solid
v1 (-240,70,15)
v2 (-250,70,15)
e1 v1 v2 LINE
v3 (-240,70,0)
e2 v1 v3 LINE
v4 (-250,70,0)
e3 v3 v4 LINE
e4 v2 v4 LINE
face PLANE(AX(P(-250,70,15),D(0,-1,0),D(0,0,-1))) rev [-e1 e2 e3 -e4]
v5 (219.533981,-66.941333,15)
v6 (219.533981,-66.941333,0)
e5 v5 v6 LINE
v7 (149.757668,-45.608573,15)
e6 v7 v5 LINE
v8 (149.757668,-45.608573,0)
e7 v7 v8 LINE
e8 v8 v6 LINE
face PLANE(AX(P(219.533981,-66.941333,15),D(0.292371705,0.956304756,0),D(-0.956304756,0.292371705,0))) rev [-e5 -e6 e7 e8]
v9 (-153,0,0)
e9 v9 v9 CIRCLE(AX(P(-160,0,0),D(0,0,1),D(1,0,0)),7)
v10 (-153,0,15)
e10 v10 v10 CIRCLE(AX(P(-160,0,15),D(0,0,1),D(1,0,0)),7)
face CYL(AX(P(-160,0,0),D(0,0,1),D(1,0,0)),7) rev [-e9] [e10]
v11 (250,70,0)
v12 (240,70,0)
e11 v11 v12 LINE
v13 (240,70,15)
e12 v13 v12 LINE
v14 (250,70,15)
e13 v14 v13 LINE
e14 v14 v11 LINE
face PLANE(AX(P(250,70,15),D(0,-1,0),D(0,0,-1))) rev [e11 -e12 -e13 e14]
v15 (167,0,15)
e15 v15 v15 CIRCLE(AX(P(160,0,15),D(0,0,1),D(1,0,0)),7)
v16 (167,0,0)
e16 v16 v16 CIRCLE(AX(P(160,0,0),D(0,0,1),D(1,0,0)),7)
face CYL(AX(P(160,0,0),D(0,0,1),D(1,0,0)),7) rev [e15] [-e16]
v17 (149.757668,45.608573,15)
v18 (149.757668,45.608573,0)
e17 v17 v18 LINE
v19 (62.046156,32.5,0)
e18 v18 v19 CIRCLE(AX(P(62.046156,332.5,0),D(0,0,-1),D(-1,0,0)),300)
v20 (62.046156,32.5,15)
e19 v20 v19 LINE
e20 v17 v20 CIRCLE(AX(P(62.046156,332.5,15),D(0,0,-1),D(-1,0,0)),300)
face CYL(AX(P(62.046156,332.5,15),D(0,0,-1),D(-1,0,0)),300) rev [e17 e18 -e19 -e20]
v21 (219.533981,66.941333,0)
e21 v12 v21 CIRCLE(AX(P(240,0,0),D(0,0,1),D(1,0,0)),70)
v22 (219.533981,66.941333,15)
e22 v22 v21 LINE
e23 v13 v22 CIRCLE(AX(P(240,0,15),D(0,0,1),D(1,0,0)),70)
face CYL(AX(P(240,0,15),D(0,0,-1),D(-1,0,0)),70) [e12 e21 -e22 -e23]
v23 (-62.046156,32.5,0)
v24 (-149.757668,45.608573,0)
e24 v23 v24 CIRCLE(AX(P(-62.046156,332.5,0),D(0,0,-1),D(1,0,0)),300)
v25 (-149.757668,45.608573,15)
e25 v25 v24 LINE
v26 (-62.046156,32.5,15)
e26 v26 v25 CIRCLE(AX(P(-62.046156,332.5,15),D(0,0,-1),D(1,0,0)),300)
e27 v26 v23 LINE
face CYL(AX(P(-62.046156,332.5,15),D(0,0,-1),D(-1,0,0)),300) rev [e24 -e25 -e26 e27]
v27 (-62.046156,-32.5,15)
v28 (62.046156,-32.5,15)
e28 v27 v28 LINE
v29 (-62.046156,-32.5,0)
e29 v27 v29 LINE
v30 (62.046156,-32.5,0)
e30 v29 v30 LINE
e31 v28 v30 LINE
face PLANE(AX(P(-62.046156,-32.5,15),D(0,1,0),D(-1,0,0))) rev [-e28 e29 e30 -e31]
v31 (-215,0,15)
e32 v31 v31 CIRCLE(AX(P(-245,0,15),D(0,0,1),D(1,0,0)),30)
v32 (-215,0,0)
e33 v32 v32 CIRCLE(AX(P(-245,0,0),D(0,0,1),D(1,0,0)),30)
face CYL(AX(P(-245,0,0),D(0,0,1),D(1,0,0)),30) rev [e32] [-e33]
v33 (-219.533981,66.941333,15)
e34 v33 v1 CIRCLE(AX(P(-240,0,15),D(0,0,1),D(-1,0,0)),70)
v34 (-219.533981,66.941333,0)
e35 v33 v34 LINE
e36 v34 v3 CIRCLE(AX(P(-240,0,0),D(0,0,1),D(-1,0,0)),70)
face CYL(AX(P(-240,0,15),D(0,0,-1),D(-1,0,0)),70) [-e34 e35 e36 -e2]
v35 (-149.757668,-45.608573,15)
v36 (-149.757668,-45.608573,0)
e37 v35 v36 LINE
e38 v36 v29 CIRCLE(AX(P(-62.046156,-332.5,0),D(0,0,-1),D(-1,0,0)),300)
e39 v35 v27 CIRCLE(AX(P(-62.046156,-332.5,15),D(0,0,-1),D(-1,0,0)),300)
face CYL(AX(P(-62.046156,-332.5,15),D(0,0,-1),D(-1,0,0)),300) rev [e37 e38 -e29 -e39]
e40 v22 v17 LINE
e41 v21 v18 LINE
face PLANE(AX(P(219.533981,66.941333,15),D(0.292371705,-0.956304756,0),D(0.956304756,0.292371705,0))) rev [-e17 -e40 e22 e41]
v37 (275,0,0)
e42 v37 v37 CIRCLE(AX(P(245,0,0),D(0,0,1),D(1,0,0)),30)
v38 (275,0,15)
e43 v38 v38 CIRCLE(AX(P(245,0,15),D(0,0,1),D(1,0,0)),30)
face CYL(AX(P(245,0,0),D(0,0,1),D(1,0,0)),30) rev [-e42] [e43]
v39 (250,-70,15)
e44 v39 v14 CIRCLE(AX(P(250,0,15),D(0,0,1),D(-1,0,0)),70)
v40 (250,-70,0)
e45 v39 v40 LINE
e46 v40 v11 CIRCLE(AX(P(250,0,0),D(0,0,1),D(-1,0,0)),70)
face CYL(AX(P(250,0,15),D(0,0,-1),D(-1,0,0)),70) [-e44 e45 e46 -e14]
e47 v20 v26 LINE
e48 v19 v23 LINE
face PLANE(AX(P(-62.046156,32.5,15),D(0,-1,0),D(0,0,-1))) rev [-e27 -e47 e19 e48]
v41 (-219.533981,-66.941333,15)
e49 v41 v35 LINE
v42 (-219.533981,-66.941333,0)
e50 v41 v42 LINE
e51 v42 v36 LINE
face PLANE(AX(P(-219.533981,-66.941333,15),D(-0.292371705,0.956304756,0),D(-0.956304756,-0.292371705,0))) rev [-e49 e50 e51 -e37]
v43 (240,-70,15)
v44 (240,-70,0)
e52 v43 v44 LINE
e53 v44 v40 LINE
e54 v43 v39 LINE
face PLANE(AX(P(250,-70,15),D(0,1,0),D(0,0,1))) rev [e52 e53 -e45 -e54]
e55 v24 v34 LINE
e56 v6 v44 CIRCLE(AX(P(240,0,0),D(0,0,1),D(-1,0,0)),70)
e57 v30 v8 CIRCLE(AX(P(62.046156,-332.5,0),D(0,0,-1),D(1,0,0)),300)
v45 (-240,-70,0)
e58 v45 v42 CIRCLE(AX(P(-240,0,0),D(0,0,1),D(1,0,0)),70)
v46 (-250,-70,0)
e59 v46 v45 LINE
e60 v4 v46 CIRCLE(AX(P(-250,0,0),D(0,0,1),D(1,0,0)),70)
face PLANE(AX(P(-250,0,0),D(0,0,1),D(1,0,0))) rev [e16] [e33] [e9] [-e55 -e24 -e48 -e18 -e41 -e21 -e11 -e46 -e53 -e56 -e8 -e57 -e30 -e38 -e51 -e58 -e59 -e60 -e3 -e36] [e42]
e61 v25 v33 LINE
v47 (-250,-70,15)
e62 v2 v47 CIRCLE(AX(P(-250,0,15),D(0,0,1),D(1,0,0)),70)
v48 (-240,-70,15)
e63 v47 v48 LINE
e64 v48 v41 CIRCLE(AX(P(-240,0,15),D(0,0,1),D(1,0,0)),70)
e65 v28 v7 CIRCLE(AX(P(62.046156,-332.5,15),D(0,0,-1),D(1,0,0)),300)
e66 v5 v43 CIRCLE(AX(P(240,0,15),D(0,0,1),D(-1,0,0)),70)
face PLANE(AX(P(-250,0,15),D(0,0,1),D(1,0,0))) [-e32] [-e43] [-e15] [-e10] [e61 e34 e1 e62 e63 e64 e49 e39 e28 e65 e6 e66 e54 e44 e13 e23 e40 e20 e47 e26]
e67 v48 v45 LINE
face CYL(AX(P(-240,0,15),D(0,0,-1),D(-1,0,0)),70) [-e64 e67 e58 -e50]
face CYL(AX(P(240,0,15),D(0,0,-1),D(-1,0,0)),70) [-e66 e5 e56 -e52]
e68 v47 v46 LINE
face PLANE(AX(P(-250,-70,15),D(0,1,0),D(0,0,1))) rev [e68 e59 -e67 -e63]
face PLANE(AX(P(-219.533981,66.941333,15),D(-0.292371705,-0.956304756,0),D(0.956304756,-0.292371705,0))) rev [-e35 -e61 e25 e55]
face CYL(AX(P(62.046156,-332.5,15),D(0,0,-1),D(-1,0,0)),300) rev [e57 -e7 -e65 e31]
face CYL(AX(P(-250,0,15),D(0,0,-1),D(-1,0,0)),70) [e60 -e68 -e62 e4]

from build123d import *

# Parameters (mm, degrees)
EXTRUDE1_DEPTH         = 15
SKETCH2_R              = 30
F_60_UDBORINGER_DEPTH  = 16
SKETCH3_R              = 7
M16_GEVINDHULLER_DEPTH = 16


with BuildPart() as part:
    # Sketch1 → Extrude1 (new body)
    with BuildSketch(Plane.XY):
        with BuildLine():
            Line((-250, 70), (-240, 70))
            ThreePointArc((-240, 70), (-229.653341221, 69.231110435), (-219.533980669, 66.941332917))
            Line((-219.533980669, 66.941332917), (-149.757667724, 45.608573211))
            ThreePointArc((-149.757667724, 45.608573211), (-106.388979647, 35.795240991), (-62.046156308, 32.5))
            Line((-62.046156308, 32.5), (62.046156308, 32.5))
            ThreePointArc((62.046156308, 32.5), (106.388979647, 35.795240991), (149.757667724, 45.608573211))
            Line((149.757667724, 45.608573211), (219.533980669, 66.941332917))
            ThreePointArc((219.533980669, 66.941332917), (229.653341221, 69.231110435), (240, 70))
            Line((240, 70), (250, 70))
            ThreePointArc((250, 70), (320, 0), (250, -70))
            Line((250, -70), (240, -70))
            ThreePointArc((240, -70), (229.653341221, -69.231110435), (219.533980669, -66.941332917))
            Line((219.533980669, -66.941332917), (149.757667724, -45.608573211))
            ThreePointArc((149.757667724, -45.608573211), (106.388979647, -35.795240991), (62.046156308, -32.5))
            Line((62.046156308, -32.5), (-62.046156308, -32.5))
            ThreePointArc((-62.046156308, -32.5), (-106.388979647, -35.795240991), (-149.757667724, -45.608573211))
            Line((-149.757667724, -45.608573211), (-219.533980669, -66.941332917))
            ThreePointArc((-219.533980669, -66.941332917), (-229.653341221, -69.231110435), (-240, -70))
            Line((-240, -70), (-250, -70))
            ThreePointArc((-250, -70), (-320, 0), (-250, 70))
        make_face()
    extrude(amount=EXTRUDE1_DEPTH)

    # Sketch2 → ø60 udboringer (cut, through all)
    with BuildSketch(Plane.XY.offset(15)):
        with Locations((245, 0)):
            Circle(SKETCH2_R)
        with Locations((-245, 0)):
            Circle(SKETCH2_R)
    extrude(amount=-F_60_UDBORINGER_DEPTH, mode=Mode.SUBTRACT)

    # Sketch3 → M16 gevindhuller (cut, through all)
    with BuildSketch(Plane.XY.offset(15)):
        with Locations((160, 0)):
            Circle(SKETCH3_R)
        with Locations((-160, 0)):
            Circle(SKETCH3_R)
    extrude(amount=-M16_GEVINDHULLER_DEPTH, mode=Mode.SUBTRACT)


solid = part.part
